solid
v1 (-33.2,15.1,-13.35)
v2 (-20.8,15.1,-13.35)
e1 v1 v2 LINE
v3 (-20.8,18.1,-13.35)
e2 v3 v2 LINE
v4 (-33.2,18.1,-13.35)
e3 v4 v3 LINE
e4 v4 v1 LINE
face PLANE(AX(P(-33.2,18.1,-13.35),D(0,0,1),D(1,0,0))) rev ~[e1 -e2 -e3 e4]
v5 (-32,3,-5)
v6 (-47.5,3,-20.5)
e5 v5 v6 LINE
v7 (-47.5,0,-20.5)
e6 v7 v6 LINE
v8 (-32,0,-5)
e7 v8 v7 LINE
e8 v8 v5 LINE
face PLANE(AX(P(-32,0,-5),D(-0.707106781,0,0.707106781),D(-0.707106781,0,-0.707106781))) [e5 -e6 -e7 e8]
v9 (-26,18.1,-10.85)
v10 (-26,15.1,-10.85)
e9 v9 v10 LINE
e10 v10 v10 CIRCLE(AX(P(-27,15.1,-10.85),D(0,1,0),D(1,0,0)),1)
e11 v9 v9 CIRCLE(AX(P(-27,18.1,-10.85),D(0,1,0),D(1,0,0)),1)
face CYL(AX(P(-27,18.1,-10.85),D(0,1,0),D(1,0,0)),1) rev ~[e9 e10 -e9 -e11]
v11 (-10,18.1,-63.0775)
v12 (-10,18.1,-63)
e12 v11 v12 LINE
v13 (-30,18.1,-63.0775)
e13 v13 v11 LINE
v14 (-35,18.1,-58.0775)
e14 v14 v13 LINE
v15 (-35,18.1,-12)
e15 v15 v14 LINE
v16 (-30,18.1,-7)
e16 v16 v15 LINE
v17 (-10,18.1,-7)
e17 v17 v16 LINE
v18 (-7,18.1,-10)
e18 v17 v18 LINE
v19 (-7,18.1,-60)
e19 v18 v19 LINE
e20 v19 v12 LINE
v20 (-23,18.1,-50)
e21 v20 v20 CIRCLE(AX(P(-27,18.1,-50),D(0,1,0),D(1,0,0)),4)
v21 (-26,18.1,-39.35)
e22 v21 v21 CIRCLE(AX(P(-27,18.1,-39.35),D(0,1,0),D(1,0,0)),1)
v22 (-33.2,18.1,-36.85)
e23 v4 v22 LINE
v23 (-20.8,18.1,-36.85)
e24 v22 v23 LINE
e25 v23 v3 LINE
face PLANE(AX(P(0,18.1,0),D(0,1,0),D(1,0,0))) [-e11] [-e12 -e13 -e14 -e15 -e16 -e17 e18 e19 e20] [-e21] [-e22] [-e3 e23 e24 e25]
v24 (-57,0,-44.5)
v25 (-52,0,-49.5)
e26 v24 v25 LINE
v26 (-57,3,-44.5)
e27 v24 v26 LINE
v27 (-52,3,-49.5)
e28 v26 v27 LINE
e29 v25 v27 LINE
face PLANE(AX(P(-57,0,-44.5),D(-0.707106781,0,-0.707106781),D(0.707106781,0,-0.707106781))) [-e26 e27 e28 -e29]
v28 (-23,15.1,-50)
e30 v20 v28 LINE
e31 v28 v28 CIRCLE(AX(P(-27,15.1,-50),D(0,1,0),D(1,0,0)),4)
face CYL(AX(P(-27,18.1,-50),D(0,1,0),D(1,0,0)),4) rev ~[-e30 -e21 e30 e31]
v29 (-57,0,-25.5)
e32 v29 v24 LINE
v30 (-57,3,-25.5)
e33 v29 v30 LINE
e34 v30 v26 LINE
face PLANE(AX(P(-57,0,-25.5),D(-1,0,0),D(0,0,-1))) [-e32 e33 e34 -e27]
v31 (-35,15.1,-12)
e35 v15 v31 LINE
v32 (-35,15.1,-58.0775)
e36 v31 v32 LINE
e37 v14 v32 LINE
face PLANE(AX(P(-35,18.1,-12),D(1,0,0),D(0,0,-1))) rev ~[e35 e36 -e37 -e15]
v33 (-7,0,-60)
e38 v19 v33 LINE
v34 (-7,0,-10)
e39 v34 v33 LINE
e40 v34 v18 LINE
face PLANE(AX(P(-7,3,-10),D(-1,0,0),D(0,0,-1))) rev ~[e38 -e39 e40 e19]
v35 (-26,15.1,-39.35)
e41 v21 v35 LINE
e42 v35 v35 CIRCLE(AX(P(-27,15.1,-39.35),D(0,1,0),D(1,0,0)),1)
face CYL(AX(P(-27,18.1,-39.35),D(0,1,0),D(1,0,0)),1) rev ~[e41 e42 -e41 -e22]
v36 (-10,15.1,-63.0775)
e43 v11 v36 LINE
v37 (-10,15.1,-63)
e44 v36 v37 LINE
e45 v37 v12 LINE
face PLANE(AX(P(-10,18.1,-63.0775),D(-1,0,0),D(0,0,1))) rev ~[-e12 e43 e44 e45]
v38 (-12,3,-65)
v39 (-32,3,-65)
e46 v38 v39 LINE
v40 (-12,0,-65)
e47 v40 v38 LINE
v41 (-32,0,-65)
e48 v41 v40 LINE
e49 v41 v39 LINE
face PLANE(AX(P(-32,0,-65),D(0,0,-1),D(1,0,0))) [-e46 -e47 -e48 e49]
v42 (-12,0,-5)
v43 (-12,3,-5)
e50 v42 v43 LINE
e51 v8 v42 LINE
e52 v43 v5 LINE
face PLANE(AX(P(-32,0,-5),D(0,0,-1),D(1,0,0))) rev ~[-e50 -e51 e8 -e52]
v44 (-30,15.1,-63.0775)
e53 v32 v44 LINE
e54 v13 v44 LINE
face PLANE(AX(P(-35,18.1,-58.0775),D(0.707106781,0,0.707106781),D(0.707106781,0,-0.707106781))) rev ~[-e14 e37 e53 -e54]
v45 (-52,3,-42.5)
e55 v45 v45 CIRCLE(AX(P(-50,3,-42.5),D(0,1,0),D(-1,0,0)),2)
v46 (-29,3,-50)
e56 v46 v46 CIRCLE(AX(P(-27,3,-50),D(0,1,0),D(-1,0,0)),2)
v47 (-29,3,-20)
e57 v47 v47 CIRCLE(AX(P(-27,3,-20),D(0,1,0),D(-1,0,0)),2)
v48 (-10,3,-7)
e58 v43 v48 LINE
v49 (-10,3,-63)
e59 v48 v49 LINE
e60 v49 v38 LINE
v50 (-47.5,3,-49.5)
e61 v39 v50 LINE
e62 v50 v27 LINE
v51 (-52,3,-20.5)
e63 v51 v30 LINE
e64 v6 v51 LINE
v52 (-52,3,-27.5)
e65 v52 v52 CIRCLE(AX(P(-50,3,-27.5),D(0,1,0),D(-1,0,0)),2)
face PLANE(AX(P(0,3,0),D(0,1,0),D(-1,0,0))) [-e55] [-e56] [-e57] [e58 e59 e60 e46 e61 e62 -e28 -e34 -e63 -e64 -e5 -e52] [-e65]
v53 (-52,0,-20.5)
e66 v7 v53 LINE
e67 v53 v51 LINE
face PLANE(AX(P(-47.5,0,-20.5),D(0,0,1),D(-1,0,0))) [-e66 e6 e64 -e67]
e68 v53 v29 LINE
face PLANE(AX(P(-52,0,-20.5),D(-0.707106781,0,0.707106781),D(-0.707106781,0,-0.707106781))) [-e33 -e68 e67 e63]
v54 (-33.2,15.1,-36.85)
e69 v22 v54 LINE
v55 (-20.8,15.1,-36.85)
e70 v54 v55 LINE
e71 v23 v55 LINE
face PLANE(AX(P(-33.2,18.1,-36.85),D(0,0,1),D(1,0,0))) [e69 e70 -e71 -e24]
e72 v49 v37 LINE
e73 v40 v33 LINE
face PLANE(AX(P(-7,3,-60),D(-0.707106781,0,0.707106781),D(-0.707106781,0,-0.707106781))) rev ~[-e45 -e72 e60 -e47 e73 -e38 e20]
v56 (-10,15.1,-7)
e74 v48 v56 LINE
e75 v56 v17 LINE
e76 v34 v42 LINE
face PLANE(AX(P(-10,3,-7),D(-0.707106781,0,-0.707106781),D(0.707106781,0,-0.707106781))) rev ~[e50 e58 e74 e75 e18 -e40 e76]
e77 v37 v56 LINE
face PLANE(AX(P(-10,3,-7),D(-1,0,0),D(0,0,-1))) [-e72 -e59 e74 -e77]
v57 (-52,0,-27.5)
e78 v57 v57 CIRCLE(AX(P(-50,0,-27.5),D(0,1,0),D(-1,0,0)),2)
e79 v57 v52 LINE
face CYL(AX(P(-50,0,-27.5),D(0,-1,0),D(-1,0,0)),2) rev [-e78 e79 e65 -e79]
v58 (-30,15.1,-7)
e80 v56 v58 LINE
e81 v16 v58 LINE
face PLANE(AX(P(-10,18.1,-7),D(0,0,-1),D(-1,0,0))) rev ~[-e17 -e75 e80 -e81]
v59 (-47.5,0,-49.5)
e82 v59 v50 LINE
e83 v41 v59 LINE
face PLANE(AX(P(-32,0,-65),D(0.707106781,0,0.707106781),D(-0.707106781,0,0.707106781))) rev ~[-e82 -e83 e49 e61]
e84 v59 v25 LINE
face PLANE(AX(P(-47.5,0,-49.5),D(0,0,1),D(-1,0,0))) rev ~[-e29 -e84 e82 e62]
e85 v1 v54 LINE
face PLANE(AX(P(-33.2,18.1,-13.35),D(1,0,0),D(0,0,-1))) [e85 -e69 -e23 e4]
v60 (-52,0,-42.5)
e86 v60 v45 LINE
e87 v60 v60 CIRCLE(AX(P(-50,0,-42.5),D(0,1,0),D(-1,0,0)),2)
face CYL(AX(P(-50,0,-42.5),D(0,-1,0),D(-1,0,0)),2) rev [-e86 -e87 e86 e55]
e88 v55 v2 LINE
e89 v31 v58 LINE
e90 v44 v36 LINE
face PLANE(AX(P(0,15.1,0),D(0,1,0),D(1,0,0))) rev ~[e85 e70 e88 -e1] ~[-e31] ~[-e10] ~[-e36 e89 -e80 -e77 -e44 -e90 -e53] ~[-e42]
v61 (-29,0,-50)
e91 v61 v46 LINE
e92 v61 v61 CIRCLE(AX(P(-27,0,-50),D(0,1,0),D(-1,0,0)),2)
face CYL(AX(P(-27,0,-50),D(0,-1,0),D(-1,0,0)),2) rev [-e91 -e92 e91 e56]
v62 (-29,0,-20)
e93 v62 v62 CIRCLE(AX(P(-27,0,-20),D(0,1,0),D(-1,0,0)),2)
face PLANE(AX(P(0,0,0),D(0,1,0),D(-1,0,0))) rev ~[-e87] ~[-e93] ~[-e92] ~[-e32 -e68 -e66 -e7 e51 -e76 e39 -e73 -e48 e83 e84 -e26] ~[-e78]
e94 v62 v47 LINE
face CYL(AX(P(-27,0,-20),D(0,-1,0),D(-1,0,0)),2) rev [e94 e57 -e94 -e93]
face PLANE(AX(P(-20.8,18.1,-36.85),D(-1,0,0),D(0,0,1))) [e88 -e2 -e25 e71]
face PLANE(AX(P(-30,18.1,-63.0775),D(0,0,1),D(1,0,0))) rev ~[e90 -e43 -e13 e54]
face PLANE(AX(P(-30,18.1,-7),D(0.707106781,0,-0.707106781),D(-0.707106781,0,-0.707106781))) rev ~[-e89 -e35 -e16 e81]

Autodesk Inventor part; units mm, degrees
ref_plane "YZ Plane" through (0, 0, 0) normal (1, 0, 0) x (0, 1, 0)
ref_plane "XZ Plane" through (0, 0, 0) normal (0, 1, 0) x (-1, 0, 0)
ref_plane "XY Plane" through (0, 0, 0) normal (0, 0, 1) x (1, 0, 0)
sketch "Sketch1" plane through (0, 0, 0) normal (0, 1, 0) x (-1, 0, 0)
  line L0 (0, 0) -> (37, 0)
  line L1 (57, -25.5) -> (57, -44.5)
  line L2 (37, -70) -> (0, -70)
  line L3 (0, -60) -> (0, -10)
  circle A0 centre (27, -20) radius 15 construction
  circle A1 centre (27, -50) radius 15 construction
  circle A2 centre (27, -20) radius 2
  circle A3 centre (27, -50) radius 2
  circle A4 centre (50, -27.5) radius 2
  circle A5 centre (50, -42.5) radius 2
  line L4 (50, -27.5) -> (50, -42.5) construction
  line L5 (27, -20) -> (50, -27.5) construction
  line L6 (25, 0) -> (0, -10)
  line L7 (0, -60) -> (25, -70)
  line L8 (37, 0) -> (57, -15)
  line L9 (57, -55) -> (37, -70)
  line L10 (7, -10) -> (7, -60)
  line L11 (43.6667, -5) -> (12, -5)
  line L12 (43.6667, -65) -> (12, -65)
  line L13 (12, -5) -> (7, -10)
  line L14 (7, -60) -> (12, -65)
  line L15 (32, -5) -> (47.5, -20.5)
  line L16 (47.5, -20.5) -> (52, -20.5)
  line L17 (57, -35) -> (0, -35) construction
  line L18 (32, -65) -> (47.5, -49.5)
  line L19 (47.5, -49.5) -> (52, -49.5)
  line L20 (52, -20.5) -> (57, -25.5)
  line L21 (57, -44.5) -> (52, -49.5)
  point P0 (57, -70)
  point P1 (57, 0)
  point P2 (48, 0)
  point P3 (57, -10)
  point P4 (57, -60)
  point P5 (38, -70)
  point P6 (57, -15)
  point P7 (57, -15)
  point P8 (7, -7.2)
  point P9 (7, -62.8)
  point P10 (7, -5)
  point P11 (7, -65)
  point P12 (7, -5)
  point P13 (7, -65)
  point P14 (57, -20.5)
  point P15 (57, -49.5)
  point P16 (32, -65)
  point P17 (57, -49.5)
  point P18 (57, -20.5)
  point P19 (57, -49.5)
  dimension "d47" = 0
  dimension "d0" = 57
  dimension "d7" = 30
  dimension "d8" = 30
  dimension "d12" = 4
  dimension "d13" = 4
  dimension "d17" = 4
  dimension "d18" = 4
  dimension "d19" = 15
  dimension "d21" = 7
  dimension "d36" = 27.5
  dimension "d38" = 25
  dimension "d40" = 25
  dimension "d52" = 30
  dimension "d90" = 15
  dimension "d91" = 20
  dimension "d92" = 15
  dimension "d93" = 20
  dimension "d124" = 70
  dimension "d132" = 7
  dimension "d133" = 5
  dimension "d134" = 5
  dimension "d135" = 5
  dimension "d136" = 5
  dimension "d137" = 5
  dimension "d138" = 5
  dimension "d139" = 45
  dimension "d140" = 15.5
  dimension "d141" = 7
  dimension "d142" = 5
  dimension "d143" = 5
  dimension "d144" = 5
  dimension "d145" = 5
  dimension "d146" = 25
  dimension "d165" = 15
extrude "Extrusion1" add sketch "Sketch1" along normal blind 3 contours L11 L15 L16 L20 L1 L21 L19 L18 L12 L7 L14 L10 L13 L6 | L6 L13 L11 | L7 L12 L14
sketch "Sketch4" plane through (0, 3, 0) normal (0, 1, 0) x (1, 0, 0)
  line L0 (-33.2, 8.95) -> (-33.2, 41.25)
  line L1 (-33.2, 41.25) -> (-20.8, 41.25)
  line L2 (-20.8, 41.25) -> (-20.8, 8.95)
  line L3 (-20.8, 8.95) -> (-33.2, 8.95)
  line L4 (-33.2, 13.35) -> (-20.8, 13.35)
  line L5 (-33.2, 36.85) -> (-20.8, 36.85)
  circle A0 centre (-27, 20) radius 2.45
  circle A1 centre (-27, 20) radius 2 projected
  circle A2 centre (-27, 20) radius 16.1 construction
  circle A3 centre (-27, 50) radius 2 projected
  circle A4 centre (-27, 50) radius 16.1 construction
  line L6 (-27, 8.95) -> (-27, 13.35) construction
  line L7 (-27, 41.25) -> (-27, 36.85) construction
  circle A5 centre (-27, 10.85) radius 1
  circle A6 centre (-27, 39.35) radius 1
  circle A7 centre (-27, 20) radius 2 projected
  circle A8 centre (-27, 20) radius 9.85 construction
  line L8 (-57, 44.5) -> (-57, 25.5) projected
  line L9 (-32, 5) -> (-12, 5) projected
  line L10 (-12, 65) -> (-32, 65) projected
  line L11 (-12, 5) -> (-10, 7) projected
  line L12 (-10, 63) -> (-12, 65) projected
  line L13 (-32, 65) -> (-47.5, 49.5) projected
  line L14 (-47.5, 49.5) -> (-52, 49.5) projected
  line L15 (-52, 20.5) -> (-47.5, 20.5) projected
  line L16 (-47.5, 20.5) -> (-32, 5) projected
  line L17 (-52, 49.5) -> (-57, 44.5) projected
  line L18 (-57, 25.5) -> (-52, 20.5) projected
  line L19 (-10, 7) -> (-10, 63) projected
  point P0 (0, 0)
  point P1 (-22.9289, 0)
  point P2 (-27.9289, 0)
  dimension "d22" = 32.3
  dimension "d23" = 12.4
  dimension "d24" = 4.4
  dimension "d25" = 4.4
  dimension "d27" = 6.2
  dimension "d28" = 11.05
  dimension "d49" = 32.2
  dimension "d50" = 32.2
  dimension "d53" = 4.9
  dimension "d54" = 2.2
  dimension "d57" = 2
  dimension "d58" = 2
  dimension "d59" = 1.9
  dimension "d60" = 1.9
  dimension "d87" = 19.7
sketch "Sketch10" plane through (0, 3, 0) normal (0, 1, 0) x (1, 0, 0)
  line L0 (-12, 5) -> (-7, 10) projected
  line L1 (-10, 7) -> (-10, 63)
  line L2 (-7, 60) -> (-12, 65) projected
  line L3 (-7, 10) -> (-7, 60) projected
  line L4 (-7, 60) -> (-12, 65) projected
  line L5 (-47.5, 20.5) -> (-32, 5) projected
  line L6 (-32, 65) -> (-47.5, 49.5) projected
  line L7 (-32, 5) -> (-12, 5) projected
  line L8 (-12, 65) -> (-32, 65) projected
  line L9 (-12, 65) -> (-32, 65) projected
  point P0 (0, 0)
  dimension "d147" = 3
extrude "Extrusion7" add sketch "Sketch10" along normal blind 15.1
sketch "Sketch11" plane through (0, 18.1, 0) normal (0, 1, 0) x (1, 0, 0)
  line L0 (-12, 5) -> (-10, 7) projected
  line L1 (-10, 7) -> (-30, 7)
  line L2 (-35, 12) -> (-35, 58.0775)
  line L3 (-30, 63.0775) -> (-10, 63.0775)
  line L4 (-10, 63.0775) -> (-10, 7)
  line L5 (-30, 7) -> (-35, 12)
  line L6 (-35, 58.0775) -> (-30, 63.0775)
  circle A0 centre (-27, 10.85) radius 1 projected
  circle A1 centre (-27, 39.35) radius 1 projected
  line L7 (-20.8, 8.95) -> (-33.2, 8.95) projected
  line L8 (-33.2, 8.95) -> (-33.2, 41.25) projected
  line L9 (-33.2, 36.85) -> (-20.8, 36.85) projected
  line L10 (-33.2, 41.25) -> (-20.8, 41.25) projected
  line L11 (-20.8, 41.25) -> (-20.8, 8.95) projected
  line L12 (-33.2, 13.35) -> (-20.8, 13.35) projected
  circle A2 centre (-27, 50) radius 2 projected
  circle A3 centre (-27, 50) radius 4
  point P0 (0, 0)
  point P1 (-35, 63.0775)
  point P2 (-35, 7)
  dimension "d150" = 25
  dimension "d151" = 56.0775
  dimension "d152" = 5
  dimension "d153" = 5
  dimension "d154" = 5
  dimension "d155" = 5
  dimension "d156" = 8
extrude "Extrusion8" add sketch "Sketch11" against normal blind 3 contours L1 L5 L7 L11 L10 L8 L2 L6 L3 L4 | L5 L8 L12 L11 L7 | L8 L10 L11 L9
properties part number "base 2.0 upload"
